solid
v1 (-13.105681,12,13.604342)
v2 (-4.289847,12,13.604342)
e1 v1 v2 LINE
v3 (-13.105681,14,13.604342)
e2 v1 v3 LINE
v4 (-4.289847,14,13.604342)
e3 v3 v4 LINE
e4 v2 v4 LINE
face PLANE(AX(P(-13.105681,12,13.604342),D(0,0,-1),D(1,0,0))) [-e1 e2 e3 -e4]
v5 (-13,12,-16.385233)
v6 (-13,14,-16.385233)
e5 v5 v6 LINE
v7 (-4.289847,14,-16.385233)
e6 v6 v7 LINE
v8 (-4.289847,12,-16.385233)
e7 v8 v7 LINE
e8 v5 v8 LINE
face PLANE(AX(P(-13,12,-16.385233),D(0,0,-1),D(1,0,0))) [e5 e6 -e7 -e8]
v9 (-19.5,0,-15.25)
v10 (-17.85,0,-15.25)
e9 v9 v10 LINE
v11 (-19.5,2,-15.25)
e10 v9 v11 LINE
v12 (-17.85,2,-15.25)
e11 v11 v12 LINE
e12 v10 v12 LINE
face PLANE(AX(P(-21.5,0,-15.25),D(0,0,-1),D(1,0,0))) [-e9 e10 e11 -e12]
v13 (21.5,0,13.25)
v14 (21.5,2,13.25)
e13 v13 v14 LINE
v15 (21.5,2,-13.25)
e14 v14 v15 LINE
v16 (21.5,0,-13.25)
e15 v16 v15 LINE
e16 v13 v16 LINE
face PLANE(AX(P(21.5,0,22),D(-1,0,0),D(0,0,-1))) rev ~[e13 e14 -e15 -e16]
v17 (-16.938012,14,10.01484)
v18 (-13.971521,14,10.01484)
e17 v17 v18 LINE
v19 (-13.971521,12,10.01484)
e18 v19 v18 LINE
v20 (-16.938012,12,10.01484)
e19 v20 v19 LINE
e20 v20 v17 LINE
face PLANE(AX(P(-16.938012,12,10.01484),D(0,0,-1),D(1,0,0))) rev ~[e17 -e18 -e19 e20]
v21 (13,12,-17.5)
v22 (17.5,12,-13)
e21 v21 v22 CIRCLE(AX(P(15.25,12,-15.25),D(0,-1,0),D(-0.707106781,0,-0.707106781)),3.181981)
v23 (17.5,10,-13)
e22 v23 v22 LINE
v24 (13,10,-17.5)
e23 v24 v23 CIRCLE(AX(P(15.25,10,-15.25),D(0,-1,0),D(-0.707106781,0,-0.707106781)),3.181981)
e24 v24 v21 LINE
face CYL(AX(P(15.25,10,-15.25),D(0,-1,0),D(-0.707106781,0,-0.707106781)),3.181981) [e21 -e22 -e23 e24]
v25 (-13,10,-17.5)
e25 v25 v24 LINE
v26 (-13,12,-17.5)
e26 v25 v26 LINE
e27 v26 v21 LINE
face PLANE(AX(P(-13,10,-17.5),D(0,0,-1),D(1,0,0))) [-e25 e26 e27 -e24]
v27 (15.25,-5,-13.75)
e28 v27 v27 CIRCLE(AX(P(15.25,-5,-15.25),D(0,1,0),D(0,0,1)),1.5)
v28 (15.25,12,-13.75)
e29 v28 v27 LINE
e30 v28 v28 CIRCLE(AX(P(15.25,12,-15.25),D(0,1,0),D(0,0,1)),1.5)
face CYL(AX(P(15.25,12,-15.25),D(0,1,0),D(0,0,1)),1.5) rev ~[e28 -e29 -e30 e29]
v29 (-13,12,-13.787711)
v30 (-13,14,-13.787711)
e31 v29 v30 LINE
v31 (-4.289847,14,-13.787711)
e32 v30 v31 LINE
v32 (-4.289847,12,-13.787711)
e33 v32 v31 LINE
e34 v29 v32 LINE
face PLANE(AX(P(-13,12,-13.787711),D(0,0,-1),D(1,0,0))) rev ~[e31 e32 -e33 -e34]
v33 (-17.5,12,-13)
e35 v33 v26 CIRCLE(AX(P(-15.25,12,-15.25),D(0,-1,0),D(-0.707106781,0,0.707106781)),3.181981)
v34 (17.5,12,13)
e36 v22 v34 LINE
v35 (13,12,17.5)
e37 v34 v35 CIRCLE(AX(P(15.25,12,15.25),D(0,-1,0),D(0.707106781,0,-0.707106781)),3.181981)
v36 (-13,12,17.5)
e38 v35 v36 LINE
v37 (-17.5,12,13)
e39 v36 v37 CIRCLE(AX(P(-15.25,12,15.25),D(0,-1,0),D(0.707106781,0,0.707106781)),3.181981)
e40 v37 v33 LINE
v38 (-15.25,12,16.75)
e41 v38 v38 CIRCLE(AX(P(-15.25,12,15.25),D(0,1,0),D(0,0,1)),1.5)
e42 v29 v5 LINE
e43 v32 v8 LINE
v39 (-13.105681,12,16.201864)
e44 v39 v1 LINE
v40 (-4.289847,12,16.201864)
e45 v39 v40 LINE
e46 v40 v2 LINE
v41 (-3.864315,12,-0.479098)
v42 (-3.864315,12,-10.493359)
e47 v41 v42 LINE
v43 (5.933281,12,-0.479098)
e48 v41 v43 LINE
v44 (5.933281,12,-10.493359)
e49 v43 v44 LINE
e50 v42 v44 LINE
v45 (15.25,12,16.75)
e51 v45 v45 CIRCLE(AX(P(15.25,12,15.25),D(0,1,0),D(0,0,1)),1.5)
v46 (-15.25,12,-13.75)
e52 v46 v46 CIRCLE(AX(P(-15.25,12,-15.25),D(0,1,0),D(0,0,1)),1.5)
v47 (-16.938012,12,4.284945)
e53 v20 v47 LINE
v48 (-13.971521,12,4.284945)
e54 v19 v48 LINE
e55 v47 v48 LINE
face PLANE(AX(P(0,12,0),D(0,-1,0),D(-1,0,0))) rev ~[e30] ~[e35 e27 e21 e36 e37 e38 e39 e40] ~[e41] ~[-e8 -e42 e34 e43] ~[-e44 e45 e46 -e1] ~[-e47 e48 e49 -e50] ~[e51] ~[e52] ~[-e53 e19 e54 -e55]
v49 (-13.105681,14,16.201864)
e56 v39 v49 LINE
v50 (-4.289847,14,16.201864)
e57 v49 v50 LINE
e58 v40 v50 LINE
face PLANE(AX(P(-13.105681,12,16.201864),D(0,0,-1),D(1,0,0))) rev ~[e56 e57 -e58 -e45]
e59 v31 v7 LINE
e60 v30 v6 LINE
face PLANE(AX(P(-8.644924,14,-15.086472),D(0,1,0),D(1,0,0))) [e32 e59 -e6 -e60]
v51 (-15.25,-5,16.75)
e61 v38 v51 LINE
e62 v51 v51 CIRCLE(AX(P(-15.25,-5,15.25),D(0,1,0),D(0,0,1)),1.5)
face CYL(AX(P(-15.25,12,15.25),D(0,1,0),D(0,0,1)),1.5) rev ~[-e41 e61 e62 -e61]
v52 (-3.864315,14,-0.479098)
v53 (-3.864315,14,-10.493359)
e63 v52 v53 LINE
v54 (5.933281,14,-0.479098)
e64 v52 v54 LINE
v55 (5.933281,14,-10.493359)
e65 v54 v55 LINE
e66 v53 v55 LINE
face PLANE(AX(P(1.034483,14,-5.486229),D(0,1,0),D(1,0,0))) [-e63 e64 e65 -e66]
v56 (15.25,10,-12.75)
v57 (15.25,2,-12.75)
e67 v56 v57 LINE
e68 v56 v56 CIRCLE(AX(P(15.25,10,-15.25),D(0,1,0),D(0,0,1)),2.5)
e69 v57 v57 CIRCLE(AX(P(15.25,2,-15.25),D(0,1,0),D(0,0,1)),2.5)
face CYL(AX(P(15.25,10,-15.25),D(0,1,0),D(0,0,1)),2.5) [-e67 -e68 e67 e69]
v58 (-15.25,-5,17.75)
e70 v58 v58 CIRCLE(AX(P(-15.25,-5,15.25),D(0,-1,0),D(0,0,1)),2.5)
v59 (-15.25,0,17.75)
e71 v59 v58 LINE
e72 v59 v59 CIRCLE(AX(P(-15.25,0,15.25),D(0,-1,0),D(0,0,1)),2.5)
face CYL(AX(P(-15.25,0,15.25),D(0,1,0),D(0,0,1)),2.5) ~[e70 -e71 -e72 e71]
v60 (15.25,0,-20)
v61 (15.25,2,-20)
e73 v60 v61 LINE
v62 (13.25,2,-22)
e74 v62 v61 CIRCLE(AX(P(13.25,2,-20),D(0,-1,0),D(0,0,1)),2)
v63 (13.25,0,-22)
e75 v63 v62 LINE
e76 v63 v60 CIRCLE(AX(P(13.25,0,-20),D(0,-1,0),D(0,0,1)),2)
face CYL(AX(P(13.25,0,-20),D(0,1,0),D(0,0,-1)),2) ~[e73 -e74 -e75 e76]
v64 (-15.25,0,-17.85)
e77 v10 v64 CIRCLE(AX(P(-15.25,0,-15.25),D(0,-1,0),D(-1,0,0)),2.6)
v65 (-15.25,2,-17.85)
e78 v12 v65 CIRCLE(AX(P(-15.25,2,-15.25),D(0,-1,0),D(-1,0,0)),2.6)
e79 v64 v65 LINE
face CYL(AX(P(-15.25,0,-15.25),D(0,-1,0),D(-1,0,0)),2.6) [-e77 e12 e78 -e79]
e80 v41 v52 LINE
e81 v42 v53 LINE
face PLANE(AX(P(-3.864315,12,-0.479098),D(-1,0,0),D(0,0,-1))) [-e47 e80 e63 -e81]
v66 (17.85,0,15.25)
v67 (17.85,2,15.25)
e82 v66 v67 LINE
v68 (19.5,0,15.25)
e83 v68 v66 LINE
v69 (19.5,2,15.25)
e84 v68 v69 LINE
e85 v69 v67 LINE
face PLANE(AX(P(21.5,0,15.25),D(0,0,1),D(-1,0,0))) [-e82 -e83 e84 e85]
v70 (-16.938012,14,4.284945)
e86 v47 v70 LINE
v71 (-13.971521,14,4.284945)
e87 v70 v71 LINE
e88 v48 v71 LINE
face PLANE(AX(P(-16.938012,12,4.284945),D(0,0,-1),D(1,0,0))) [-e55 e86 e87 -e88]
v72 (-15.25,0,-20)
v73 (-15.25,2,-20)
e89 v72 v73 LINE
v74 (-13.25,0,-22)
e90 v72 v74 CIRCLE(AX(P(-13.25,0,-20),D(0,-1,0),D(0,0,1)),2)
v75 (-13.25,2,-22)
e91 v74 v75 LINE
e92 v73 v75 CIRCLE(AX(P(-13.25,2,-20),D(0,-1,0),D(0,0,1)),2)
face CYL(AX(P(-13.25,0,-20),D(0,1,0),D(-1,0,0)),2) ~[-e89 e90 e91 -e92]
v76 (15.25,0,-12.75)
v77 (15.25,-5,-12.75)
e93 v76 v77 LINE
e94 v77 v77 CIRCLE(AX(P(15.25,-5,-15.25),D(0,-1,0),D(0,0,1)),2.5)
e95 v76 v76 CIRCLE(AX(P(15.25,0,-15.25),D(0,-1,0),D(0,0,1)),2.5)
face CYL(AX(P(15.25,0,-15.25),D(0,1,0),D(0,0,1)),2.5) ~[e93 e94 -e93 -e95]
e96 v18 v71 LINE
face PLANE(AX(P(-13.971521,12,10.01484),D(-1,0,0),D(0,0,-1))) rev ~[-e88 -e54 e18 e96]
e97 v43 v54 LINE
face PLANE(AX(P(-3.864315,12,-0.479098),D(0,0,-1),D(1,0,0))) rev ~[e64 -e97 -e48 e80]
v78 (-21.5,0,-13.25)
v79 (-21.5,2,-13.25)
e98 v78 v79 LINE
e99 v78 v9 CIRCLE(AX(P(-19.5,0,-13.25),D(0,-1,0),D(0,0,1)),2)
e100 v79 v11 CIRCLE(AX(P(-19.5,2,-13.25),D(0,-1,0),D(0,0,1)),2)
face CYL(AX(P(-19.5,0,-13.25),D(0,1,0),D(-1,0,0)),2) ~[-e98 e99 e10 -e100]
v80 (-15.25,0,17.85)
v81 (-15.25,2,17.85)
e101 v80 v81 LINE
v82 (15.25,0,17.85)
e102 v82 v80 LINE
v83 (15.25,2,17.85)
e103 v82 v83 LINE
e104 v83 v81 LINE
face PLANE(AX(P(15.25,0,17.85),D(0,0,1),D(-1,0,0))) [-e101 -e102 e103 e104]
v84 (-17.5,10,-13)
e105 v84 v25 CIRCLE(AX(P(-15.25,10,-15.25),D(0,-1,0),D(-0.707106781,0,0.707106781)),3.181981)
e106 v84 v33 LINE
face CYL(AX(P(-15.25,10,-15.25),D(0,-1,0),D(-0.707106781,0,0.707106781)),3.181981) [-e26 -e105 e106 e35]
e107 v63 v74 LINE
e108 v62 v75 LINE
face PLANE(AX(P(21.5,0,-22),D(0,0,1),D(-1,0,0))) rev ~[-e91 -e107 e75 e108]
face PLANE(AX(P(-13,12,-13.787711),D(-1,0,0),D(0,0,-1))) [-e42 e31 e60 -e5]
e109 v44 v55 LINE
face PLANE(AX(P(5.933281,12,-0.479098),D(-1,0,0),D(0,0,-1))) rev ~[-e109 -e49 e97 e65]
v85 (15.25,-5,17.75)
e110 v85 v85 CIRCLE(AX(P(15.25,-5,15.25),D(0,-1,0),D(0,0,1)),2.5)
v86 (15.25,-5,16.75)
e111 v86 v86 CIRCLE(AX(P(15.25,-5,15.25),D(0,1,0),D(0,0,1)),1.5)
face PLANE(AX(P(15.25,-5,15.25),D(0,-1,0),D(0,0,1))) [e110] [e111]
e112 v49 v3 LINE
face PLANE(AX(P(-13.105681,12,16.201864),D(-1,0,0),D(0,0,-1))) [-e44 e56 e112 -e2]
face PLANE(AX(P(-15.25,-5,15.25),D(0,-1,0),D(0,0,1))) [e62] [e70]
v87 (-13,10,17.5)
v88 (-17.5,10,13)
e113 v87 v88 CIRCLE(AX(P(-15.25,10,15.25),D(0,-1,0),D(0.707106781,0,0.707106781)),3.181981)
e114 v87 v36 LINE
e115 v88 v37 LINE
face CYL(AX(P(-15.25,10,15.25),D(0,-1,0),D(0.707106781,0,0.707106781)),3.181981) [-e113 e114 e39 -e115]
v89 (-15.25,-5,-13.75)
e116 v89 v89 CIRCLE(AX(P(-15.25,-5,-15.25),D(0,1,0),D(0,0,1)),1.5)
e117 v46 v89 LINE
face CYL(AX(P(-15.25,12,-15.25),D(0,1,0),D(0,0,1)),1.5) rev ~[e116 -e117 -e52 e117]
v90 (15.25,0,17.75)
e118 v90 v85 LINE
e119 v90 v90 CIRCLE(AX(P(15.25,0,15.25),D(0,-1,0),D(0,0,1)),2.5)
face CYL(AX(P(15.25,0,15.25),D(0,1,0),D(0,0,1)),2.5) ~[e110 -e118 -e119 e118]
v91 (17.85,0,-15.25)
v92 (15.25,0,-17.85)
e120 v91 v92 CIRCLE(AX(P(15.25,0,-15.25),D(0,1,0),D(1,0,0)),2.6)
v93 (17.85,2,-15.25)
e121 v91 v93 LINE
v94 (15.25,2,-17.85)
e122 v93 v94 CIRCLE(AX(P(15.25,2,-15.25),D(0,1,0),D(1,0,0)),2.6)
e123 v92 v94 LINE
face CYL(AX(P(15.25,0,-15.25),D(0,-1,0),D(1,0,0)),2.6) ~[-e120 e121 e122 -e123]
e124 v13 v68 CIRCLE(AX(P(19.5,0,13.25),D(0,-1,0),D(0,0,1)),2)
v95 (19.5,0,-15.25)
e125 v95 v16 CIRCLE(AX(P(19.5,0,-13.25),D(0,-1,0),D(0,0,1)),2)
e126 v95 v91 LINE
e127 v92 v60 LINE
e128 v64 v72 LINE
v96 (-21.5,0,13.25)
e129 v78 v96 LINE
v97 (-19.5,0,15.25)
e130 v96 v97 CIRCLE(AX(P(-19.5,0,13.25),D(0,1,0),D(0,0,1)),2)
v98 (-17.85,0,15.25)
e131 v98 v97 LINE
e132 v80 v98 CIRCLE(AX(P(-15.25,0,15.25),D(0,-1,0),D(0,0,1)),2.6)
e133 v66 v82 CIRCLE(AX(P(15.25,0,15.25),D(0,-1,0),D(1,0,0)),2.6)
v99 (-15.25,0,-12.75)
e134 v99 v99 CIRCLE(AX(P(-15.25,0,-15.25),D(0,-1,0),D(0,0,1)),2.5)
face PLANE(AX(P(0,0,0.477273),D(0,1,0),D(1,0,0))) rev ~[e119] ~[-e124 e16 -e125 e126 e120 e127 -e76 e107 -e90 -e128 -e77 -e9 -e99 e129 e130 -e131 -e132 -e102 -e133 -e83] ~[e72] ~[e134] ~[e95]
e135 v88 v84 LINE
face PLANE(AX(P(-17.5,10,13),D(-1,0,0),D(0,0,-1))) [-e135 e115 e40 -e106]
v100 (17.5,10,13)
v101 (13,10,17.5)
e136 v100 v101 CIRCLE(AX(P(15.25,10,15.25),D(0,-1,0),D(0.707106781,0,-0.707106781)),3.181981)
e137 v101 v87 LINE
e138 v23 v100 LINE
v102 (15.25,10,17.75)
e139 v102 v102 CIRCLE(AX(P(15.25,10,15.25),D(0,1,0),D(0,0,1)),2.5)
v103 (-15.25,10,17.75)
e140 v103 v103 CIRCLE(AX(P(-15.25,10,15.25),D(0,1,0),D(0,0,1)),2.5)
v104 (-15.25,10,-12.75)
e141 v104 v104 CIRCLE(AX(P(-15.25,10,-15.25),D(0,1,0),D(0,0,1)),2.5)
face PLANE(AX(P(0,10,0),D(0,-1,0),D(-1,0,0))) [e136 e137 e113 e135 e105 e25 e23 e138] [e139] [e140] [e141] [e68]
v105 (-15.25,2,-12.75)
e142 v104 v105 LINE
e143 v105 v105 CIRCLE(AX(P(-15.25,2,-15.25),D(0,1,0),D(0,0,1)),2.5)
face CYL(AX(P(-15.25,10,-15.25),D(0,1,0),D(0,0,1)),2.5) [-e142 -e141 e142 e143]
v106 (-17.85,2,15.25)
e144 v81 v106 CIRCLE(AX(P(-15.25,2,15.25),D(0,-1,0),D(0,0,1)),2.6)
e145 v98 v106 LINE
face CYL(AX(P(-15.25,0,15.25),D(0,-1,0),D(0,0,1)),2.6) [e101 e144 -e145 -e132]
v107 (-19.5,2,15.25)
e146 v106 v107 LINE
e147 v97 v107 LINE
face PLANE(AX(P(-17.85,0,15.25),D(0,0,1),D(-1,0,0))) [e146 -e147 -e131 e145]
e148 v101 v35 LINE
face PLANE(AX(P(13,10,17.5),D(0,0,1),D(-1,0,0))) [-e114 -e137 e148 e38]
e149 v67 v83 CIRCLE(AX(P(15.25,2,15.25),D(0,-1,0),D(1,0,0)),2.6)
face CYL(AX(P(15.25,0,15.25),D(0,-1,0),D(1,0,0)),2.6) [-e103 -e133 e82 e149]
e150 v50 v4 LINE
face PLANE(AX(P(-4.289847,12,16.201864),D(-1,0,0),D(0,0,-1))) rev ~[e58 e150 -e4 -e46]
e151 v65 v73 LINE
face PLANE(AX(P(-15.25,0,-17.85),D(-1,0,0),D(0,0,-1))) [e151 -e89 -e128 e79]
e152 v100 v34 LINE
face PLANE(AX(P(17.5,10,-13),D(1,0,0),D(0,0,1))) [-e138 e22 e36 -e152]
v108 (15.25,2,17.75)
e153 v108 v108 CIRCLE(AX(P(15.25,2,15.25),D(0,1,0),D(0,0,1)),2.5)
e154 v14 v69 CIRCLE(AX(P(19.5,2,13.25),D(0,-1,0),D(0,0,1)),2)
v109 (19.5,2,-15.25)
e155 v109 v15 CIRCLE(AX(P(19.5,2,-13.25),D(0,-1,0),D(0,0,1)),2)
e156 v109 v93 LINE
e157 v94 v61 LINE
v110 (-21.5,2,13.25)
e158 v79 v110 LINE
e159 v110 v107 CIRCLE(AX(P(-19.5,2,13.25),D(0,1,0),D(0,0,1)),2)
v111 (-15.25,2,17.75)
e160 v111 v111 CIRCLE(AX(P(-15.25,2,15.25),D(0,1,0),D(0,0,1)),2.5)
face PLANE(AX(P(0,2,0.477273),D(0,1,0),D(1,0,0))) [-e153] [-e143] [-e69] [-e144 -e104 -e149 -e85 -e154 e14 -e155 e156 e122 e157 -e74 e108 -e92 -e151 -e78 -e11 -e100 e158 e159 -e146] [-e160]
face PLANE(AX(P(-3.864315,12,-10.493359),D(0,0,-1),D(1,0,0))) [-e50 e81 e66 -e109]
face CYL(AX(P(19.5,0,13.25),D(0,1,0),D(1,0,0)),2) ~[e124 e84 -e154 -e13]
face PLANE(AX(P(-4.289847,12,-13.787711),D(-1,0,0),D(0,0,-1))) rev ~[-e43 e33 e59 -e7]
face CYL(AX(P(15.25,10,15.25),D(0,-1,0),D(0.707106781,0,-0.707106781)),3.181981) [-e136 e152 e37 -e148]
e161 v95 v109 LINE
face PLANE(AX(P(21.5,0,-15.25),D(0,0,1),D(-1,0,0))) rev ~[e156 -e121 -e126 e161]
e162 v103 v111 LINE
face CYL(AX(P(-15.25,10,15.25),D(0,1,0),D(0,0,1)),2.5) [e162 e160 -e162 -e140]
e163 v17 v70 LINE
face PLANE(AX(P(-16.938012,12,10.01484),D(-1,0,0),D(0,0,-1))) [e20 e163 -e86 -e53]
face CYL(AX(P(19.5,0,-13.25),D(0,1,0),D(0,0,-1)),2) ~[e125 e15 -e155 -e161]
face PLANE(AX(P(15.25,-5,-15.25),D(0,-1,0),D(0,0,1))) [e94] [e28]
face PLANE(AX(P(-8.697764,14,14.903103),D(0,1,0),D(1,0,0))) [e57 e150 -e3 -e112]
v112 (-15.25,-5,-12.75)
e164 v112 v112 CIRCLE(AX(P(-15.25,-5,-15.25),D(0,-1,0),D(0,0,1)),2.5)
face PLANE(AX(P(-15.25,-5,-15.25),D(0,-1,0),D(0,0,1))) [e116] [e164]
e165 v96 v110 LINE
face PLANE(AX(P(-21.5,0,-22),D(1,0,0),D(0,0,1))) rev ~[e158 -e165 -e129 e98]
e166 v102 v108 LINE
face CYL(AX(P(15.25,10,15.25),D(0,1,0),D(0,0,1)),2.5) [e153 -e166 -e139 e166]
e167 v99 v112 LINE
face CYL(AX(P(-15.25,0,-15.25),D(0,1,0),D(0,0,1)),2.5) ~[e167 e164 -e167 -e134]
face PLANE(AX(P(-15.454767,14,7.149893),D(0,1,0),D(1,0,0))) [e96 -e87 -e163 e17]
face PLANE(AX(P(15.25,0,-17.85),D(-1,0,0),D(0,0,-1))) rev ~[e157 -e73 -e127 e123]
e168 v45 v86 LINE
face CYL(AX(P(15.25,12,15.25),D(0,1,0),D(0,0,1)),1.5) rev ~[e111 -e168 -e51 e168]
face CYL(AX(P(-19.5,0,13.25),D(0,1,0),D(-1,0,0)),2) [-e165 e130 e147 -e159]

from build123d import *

# Parameters (mm, degrees)
EXTRUDE_1_DEPTH     = 2
SKETCH_2_R          = 2.5
EXTRUDE_2_DEPTH     = 5
EXTRUDE_START       = 8
SKETCH_3_R          = 2.5
EXTRUDE_3_DEPTH     = 8
EXTRUDE_4_DEPTH     = 2
CUT_EXTRUDE_1_DEPTH = 2
FILLET_1_R          = 2
SKETCH_6_W          = 8.710152629
SKETCH_6_H          = 2.597522262
SKETCH_6_W_2        = 2.966490945
SKETCH_6_H_2        = 5.729895294
SKETCH_6_W_3        = 8.81583313
SKETCH_6_H_3        = 2.597522261
SKETCH_6_W_4        = 9.797596015
SKETCH_6_H_4        = 10.014261194
EXTRUDE_5_DEPTH     = 2
SKETCH_7_R          = 1.5
CUT_EXTRUDE_2_DEPTH = 36.146123542


with BuildPart() as part:
    # 草图1 → 凸台-拉伸1 (new body)
    with BuildSketch(Plane(origin=(0, 0, 0), x_dir=(1, 0, 0), z_dir=(0, 1, 0))):
        Polygon((-21.5, -22), (-19.5, -22), (-19.5, -23), (19.5, -23), (19.5, -22), (21.5, -22), (21.5, 22), (-21.5, 22), align=None)
    extrude(amount=EXTRUDE_1_DEPTH)

    # 草图2 → 凸台-拉伸2 (add)
    with BuildSketch(Plane.XZ):
        with Locations(Location((-15.25, 15.25, 0), (0, 0, 90))):
            Circle(SKETCH_2_R)
        with Locations(Location((15.25, 15.25, 0), (0, 0, 90))):
            Circle(SKETCH_2_R)
        with Locations(Location((15.25, -15.25, 0), (0, 0, 90))):
            Circle(SKETCH_2_R)
        with Locations(Location((-15.25, -15.25, 0), (0, 0, 90))):
            Circle(SKETCH_2_R)
    extrude(amount=EXTRUDE_2_DEPTH)

    # 草图3 → 凸台-拉伸3 (add)
    with BuildSketch(Plane(origin=(0, 2, 0), x_dir=(1, 0, 0), z_dir=(0, 1, 0)).offset(EXTRUDE_START)):
        with Locations(Location((-15.25, 15.25, 0), (0, 0, 270))):
            Circle(SKETCH_3_R)
        with Locations(Location((15.25, 15.25, 0), (0, 0, 270))):
            Circle(SKETCH_3_R)
        with Locations(Location((15.25, -15.25, 0), (0, 0, 270))):
            Circle(SKETCH_3_R)
        with Locations(Location((-15.25, -15.25, 0), (0, 0, 270))):
            Circle(SKETCH_3_R)
    extrude(amount=-EXTRUDE_3_DEPTH)

    # 草图4 → 凸台-拉伸4 (add)
    with BuildSketch(Plane(origin=(0, 10, 0), x_dir=(1, 0, 0), z_dir=(0, 1, 0))):
        with BuildLine():
            Line((-13, 17.5), (13, 17.5))
            ThreePointArc((13, 17.5), (17.5, 17.5), (17.5, 13))
            Line((17.5, 13), (17.5, -13))
            ThreePointArc((17.5, -13), (17.5, -17.5), (13, -17.5))
            Line((13, -17.5), (-13, -17.5))
            ThreePointArc((-13, -17.5), (-17.5, -17.5), (-17.5, -13))
            Line((-17.5, -13), (-17.5, 13))
            ThreePointArc((-17.5, 13), (-17.5, 17.5), (-13, 17.5))
        make_face()
    extrude(amount=EXTRUDE_4_DEPTH)

    # 草图5 → 切除-拉伸1 (cut)
    with BuildSketch(Plane.XZ):
        with BuildLine():
            Line((15.25, 17.85), (-15.25, 17.85))
            ThreePointArc((-15.25, 17.85), (-17.088477631, 17.088477631), (-17.85, 15.25))
            Line((-17.85, 15.25), (-21.5, 15.25))
            Line((-21.5, 15.25), (-21.5, 22))
            Line((-21.5, 22), (-19.5, 22))
            Line((-19.5, 22), (-19.5, 23))
            Line((-19.5, 23), (19.5, 23))
            Line((19.5, 23), (19.5, 22))
            Line((19.5, 22), (21.5, 22))
            Line((21.5, 22), (21.5, 15.25))
            Line((21.5, 15.25), (17.85, 15.25))
            ThreePointArc((17.85, 15.25), (17.088477631, 17.088477631), (15.25, 17.85))
        make_face()
        with BuildLine():
            Line((21.5, -15.25), (17.85, -15.25))
            ThreePointArc((17.85, -15.25), (17.088477631, -17.088477631), (15.25, -17.85))
            Line((15.25, -17.85), (15.25, -22))
            Line((15.25, -22), (21.5, -22))
            Line((21.5, -22), (21.5, -15.25))
        make_face()
        with BuildLine():
            Line((-21.5, -15.25), (-17.85, -15.25))
            ThreePointArc((-17.85, -15.25), (-17.088477631, -17.088477631), (-15.25, -17.85))
            Line((-15.25, -17.85), (-15.25, -22))
            Line((-15.25, -22), (-21.5, -22))
            Line((-21.5, -22), (-21.5, -15.25))
        make_face()
    extrude(amount=-CUT_EXTRUDE_1_DEPTH, mode=Mode.SUBTRACT)

    # 圆角1
    fillet_1_edges = [part.edges().sort_by_distance(p)[0] for p in [
        (-21.5, 1, 15.25),
        (21.5, 1, 15.25),
        (21.5, 1, -15.25),
        (15.25, 1, -22),
        (-21.5, 1, -15.25),
        (-15.25, 1, -22),
    ]]
    fillet(fillet_1_edges, radius=FILLET_1_R)

    # 草图6 → 凸台-拉伸5 (add)
    with BuildSketch(Plane(origin=(0, 12, 0), x_dir=(1, 0, 0), z_dir=(0, 1, 0))):
        with Locations((-8.644923686, 15.086472233)):
            Rectangle(SKETCH_6_W, SKETCH_6_H)
        with Locations((-15.454766728, -7.149892581)):
            Rectangle(SKETCH_6_W_2, SKETCH_6_H_2)
        with Locations((-8.697763936, -14.903102968)):
            Rectangle(SKETCH_6_W_3, SKETCH_6_H_3)
        with Locations((1.034483131, 5.486228782)):
            Rectangle(SKETCH_6_W_4, SKETCH_6_H_4)
    extrude(amount=EXTRUDE_5_DEPTH)

    # 草图7 → 切除-拉伸2 (cut, through all)
    with BuildSketch(Plane(origin=(0, 12, 0), x_dir=(1, 0, 0), z_dir=(0, 1, 0))):
        with Locations(Location((-15.25, 15.25, 0), (0, 0, 270))):
            Circle(SKETCH_7_R)
        with Locations(Location((15.25, 15.25, 0), (0, 0, 270))):
            Circle(SKETCH_7_R)
        with Locations(Location((15.25, -15.25, 0), (0, 0, 270))):
            Circle(SKETCH_7_R)
        with Locations(Location((-15.25, -15.25, 0), (0, 0, 270))):
            Circle(SKETCH_7_R)
    extrude(amount=-CUT_EXTRUDE_2_DEPTH, mode=Mode.SUBTRACT)


solid = part.part
